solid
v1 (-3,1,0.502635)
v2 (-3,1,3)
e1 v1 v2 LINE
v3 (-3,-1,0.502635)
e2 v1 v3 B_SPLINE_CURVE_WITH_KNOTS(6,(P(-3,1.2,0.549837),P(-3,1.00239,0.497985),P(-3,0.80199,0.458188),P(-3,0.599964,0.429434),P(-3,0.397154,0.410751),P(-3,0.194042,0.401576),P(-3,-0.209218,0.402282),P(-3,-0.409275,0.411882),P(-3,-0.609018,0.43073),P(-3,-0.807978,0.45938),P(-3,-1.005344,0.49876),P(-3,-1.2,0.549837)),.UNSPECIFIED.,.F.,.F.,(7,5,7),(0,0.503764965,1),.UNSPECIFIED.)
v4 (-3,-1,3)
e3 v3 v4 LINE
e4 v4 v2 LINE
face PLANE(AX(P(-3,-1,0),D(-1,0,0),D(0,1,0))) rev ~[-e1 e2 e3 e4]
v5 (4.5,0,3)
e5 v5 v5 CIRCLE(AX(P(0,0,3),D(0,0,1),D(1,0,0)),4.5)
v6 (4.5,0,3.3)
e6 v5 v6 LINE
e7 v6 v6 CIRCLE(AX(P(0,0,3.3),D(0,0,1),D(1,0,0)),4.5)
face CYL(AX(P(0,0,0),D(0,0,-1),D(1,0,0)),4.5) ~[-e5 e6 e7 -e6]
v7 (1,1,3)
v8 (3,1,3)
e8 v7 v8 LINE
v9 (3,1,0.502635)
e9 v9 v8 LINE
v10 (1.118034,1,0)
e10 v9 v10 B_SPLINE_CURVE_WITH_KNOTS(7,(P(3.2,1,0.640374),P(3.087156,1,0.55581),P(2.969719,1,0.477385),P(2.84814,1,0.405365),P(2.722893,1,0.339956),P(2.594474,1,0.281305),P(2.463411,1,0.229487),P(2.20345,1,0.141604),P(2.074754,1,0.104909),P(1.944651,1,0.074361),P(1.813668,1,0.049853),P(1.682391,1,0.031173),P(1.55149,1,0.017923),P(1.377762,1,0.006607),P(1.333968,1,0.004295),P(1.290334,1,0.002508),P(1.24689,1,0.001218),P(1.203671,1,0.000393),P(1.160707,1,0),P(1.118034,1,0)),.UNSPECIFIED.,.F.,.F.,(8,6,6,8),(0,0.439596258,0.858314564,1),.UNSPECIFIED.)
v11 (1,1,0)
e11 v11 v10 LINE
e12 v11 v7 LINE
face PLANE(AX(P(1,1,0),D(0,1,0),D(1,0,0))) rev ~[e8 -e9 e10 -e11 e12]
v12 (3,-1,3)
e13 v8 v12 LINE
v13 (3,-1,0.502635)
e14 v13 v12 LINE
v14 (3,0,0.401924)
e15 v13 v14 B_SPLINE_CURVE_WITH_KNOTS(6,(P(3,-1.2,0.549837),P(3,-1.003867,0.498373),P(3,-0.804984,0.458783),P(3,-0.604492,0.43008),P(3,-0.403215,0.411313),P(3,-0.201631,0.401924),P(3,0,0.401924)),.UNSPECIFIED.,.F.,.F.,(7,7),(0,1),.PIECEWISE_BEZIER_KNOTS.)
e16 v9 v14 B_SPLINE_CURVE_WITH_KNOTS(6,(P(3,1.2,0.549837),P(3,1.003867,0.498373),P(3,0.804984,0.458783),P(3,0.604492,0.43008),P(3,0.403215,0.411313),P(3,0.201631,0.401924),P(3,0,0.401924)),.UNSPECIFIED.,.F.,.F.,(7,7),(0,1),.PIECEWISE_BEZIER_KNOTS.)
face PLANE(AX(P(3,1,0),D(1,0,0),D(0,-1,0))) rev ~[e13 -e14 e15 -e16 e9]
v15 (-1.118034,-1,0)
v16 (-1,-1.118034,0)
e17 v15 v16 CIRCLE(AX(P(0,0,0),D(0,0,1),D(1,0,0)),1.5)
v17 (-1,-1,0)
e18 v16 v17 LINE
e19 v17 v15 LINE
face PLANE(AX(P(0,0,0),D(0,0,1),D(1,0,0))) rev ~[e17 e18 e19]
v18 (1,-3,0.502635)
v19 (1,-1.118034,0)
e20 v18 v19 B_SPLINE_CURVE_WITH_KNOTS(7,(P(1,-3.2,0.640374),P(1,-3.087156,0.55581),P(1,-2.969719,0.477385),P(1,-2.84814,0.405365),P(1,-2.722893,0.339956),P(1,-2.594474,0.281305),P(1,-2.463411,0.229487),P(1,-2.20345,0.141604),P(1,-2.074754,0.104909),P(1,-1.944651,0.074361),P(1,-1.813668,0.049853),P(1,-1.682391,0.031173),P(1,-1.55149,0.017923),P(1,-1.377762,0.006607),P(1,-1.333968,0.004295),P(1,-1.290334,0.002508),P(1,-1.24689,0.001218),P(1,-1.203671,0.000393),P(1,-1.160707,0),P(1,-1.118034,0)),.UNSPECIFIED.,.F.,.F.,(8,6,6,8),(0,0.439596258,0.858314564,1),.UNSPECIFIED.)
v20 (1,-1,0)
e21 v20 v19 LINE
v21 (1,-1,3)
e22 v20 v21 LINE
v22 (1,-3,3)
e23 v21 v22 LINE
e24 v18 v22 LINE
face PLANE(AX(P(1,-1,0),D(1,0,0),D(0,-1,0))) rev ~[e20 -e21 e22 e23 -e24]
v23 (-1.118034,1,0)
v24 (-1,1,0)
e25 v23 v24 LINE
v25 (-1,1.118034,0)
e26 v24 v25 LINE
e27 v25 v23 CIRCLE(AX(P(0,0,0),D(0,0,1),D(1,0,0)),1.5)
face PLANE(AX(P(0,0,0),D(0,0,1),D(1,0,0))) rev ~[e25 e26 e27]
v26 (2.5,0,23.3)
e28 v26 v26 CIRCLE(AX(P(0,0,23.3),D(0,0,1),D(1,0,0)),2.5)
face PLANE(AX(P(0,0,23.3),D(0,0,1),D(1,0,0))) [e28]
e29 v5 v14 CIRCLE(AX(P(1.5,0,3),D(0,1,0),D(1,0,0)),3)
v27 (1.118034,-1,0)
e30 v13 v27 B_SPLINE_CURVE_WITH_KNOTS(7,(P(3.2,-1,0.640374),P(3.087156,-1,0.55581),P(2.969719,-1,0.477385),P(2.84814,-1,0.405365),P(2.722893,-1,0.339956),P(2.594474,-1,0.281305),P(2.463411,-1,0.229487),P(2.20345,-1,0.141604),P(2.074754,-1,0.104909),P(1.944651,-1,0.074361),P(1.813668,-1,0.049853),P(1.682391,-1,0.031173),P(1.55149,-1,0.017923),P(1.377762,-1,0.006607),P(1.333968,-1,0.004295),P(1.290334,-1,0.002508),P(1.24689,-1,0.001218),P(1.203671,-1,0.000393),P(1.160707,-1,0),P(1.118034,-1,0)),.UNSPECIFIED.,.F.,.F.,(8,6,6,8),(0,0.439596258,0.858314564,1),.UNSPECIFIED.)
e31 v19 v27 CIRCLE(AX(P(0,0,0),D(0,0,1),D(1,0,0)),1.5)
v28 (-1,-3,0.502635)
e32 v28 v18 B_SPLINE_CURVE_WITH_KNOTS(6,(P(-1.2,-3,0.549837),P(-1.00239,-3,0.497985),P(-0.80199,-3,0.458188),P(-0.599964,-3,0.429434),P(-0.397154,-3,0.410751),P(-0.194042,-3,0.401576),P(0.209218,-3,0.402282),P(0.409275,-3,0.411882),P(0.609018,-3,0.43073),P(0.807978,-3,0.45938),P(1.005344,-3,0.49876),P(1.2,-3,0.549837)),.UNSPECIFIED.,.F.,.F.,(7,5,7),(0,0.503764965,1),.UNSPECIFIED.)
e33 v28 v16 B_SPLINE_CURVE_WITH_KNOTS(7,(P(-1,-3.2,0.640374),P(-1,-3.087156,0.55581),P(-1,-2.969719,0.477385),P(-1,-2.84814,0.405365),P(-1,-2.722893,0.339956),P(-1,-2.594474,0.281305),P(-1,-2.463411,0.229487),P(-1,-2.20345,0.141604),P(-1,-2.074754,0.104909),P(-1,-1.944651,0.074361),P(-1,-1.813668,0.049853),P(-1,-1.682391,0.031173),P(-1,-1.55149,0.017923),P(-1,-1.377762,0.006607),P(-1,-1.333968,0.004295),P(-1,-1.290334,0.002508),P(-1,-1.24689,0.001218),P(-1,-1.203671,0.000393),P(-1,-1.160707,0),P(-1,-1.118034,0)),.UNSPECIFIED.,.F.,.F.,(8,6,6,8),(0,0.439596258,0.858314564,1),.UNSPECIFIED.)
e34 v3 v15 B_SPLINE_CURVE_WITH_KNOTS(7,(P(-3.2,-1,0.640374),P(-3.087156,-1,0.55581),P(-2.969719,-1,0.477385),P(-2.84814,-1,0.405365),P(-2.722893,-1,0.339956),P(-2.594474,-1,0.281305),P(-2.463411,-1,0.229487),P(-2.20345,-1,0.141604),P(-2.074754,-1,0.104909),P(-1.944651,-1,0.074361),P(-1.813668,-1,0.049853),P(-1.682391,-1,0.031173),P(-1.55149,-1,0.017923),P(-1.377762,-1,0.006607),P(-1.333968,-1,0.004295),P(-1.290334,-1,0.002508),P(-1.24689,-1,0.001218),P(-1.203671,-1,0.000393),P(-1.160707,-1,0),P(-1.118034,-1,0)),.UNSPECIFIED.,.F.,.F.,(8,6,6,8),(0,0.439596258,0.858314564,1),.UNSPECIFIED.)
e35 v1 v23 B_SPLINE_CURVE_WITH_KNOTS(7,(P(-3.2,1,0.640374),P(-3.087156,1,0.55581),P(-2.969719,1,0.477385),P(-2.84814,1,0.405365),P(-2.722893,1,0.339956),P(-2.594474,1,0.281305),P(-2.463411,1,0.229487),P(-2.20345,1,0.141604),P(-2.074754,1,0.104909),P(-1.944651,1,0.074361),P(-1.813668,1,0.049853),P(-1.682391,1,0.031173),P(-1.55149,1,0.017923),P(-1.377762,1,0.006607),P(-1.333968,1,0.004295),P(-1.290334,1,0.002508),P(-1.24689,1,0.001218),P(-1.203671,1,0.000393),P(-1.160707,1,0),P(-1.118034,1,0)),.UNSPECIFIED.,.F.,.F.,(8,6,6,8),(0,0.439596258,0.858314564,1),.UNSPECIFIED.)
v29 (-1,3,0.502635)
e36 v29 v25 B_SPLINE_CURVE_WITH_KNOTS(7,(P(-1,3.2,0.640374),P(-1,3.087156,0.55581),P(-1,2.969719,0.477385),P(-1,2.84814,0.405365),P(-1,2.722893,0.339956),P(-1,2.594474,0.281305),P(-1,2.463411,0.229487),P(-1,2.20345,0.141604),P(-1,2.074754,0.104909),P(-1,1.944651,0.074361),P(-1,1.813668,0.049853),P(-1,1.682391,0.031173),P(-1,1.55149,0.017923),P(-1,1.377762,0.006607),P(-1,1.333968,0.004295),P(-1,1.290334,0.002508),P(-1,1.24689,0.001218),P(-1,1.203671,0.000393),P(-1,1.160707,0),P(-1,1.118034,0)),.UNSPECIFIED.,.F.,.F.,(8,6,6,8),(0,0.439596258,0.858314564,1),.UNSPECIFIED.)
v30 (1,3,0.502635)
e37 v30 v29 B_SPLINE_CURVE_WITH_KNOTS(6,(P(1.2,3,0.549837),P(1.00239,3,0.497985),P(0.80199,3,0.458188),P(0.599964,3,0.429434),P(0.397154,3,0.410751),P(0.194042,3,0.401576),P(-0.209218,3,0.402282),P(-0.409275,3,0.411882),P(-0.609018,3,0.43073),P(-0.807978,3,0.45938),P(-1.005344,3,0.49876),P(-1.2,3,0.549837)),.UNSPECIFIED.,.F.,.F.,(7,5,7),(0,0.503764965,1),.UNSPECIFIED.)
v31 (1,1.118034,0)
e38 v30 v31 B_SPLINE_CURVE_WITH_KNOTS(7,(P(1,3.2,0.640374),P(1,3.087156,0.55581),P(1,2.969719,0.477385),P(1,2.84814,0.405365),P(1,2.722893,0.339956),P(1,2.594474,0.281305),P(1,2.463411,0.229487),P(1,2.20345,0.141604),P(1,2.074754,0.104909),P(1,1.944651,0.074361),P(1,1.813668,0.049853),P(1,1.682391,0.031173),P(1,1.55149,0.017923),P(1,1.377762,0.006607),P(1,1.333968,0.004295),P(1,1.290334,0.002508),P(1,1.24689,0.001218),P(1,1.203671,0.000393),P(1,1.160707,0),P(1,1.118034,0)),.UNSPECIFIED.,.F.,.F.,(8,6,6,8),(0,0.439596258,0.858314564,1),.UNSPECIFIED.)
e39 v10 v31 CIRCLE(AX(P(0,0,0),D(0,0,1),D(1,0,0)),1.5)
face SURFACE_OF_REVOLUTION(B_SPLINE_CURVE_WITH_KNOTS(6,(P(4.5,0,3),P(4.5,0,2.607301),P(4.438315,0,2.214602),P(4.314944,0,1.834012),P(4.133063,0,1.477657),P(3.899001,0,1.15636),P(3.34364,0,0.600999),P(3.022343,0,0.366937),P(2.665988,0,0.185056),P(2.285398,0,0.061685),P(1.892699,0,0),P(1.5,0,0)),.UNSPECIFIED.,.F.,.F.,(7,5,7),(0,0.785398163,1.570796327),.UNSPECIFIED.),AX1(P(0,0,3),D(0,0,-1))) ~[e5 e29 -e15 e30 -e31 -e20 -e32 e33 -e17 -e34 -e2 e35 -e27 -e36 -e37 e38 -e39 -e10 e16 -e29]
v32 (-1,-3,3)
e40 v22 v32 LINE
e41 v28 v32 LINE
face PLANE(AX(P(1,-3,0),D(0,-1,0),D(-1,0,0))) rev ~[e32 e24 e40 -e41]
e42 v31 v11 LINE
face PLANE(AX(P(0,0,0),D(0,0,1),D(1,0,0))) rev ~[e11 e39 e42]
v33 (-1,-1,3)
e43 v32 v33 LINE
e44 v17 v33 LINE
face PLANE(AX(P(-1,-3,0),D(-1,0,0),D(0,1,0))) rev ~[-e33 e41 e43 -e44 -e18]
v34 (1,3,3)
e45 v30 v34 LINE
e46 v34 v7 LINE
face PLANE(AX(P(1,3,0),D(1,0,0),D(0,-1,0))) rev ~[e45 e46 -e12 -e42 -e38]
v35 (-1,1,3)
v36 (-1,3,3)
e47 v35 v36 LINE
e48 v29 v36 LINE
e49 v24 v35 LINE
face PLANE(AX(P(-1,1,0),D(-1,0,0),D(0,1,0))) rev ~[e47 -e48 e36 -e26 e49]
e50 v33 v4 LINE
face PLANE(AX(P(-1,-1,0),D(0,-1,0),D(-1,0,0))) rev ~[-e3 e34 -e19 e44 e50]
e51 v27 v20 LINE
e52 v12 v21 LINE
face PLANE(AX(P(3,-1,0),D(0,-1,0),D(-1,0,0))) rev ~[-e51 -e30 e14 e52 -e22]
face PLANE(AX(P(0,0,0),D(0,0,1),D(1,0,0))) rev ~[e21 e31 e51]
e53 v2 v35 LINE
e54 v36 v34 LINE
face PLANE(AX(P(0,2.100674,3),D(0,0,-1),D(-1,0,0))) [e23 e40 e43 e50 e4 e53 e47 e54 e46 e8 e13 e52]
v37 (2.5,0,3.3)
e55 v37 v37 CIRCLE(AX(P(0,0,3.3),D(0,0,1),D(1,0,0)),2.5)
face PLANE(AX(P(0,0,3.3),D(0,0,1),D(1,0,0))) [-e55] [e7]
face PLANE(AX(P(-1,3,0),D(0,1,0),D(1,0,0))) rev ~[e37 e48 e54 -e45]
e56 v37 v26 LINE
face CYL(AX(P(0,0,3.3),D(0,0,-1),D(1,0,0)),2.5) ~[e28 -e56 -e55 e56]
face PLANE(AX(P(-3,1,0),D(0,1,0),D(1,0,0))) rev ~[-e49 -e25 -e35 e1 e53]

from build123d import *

# Parameters (mm, degrees)
SKETCH_1_R          = 4.5
EXTRUDE_1_DEPTH     = 3.3
SKETCH_2_R          = 2.5
EXTRUDE_2_DEPTH     = 20
FILLET_2_R          = 3
SKETCH_3_W          = 2
SKETCH_3_H          = 2
CUT_EXTRUDE_1_DEPTH = 3


with BuildPart() as part:
    # ｽｹｯﾁ1 → ﾎﾞｽ - 押し出し1 (new body)
    with BuildSketch(Plane.XY):
        Circle(SKETCH_1_R)
    extrude(amount=EXTRUDE_1_DEPTH)

    # ｽｹｯﾁ2 → ﾎﾞｽ - 押し出し2 (add)
    with BuildSketch(Plane.XY.offset(3.3)):
        Circle(SKETCH_2_R)
    extrude(amount=EXTRUDE_2_DEPTH)

    # ﾌｨﾚｯﾄ2
    fillet_2_edges = [part.edges().sort_by_distance(p)[0] for p in [
        (-4.5, 0, 0),
    ]]
    fillet(fillet_2_edges, radius=FILLET_2_R)

    # ｽｹｯﾁ3 → ｶｯﾄ - 押し出し1 (cut)
    with BuildSketch(Plane(origin=(0, 0, 0), x_dir=(-1, 0, 0), z_dir=(0, 0, -1))):
        with BuildLine():
            Line((-1, 3), (-1, 1.118033989))
            ThreePointArc((-1, 1.118033989), (0, 1.5), (1, 1.118033989))
            Line((1, 1.118033989), (1, 3))
            Line((1, 3), (-1, 3))
        make_face()
        Rectangle(SKETCH_3_W, SKETCH_3_H)
        with BuildLine():
            ThreePointArc((1.5, 0), (1.401258538, -0.535233135), (1.118033989, -1))
            Line((1.118033989, -1), (3, -1))
            Line((3, -1), (3, 1))
            Line((3, 1), (1.118033989, 1))
            ThreePointArc((1.118033989, 1), (1.401258538, 0.535233135), (1.5, 0))
        make_face()
        with BuildLine():
            Line((1, 1), (1, -1))
            Line((1, -1), (1.118033989, -1))
            ThreePointArc((1.118033989, -1), (1.401258538, -0.535233135), (1.5, 0))
            ThreePointArc((1.5, 0), (1.401258538, 0.535233135), (1.118033989, 1))
            Line((1.118033989, 1), (1, 1))
        make_face()
        with BuildLine():
            ThreePointArc((-1.118033989, 1), (-1.5, 0), (-1.118033989, -1))
            Line((-1.118033989, -1), (-1, -1))
            Line((-1, -1), (-1, 1))
            Line((-1, 1), (-1.118033989, 1))
        make_face()
        with BuildLine():
            Line((-3, 1), (-3, -1))
            Line((-3, -1), (-1.118033989, -1))
            ThreePointArc((-1.118033989, -1), (-1.5, 0), (-1.118033989, 1))
            Line((-1.118033989, 1), (-3, 1))
        make_face()
        with BuildLine():
            Line((1, -1), (-1, -1))
            Line((-1, -1), (-1, -1.118033989))
            ThreePointArc((-1, -1.118033989), (0, -1.5), (1, -1.118033989))
            Line((1, -1.118033989), (1, -1))
        make_face()
        with BuildLine():
            ThreePointArc((1, -1.118033989), (0, -1.5), (-1, -1.118033989))
            Line((-1, -1.118033989), (-1, -3))
            Line((-1, -3), (1, -3))
            Line((1, -3), (1, -1.118033989))
        make_face()
        with BuildLine():
            Line((-1, 1.118033989), (-1, 1))
            Line((-1, 1), (1, 1))
            Line((1, 1), (1, 1.118033989))
            ThreePointArc((1, 1.118033989), (0, 1.5), (-1, 1.118033989))
        make_face()
    extrude(amount=-CUT_EXTRUDE_1_DEPTH, mode=Mode.SUBTRACT)


solid = part.part
